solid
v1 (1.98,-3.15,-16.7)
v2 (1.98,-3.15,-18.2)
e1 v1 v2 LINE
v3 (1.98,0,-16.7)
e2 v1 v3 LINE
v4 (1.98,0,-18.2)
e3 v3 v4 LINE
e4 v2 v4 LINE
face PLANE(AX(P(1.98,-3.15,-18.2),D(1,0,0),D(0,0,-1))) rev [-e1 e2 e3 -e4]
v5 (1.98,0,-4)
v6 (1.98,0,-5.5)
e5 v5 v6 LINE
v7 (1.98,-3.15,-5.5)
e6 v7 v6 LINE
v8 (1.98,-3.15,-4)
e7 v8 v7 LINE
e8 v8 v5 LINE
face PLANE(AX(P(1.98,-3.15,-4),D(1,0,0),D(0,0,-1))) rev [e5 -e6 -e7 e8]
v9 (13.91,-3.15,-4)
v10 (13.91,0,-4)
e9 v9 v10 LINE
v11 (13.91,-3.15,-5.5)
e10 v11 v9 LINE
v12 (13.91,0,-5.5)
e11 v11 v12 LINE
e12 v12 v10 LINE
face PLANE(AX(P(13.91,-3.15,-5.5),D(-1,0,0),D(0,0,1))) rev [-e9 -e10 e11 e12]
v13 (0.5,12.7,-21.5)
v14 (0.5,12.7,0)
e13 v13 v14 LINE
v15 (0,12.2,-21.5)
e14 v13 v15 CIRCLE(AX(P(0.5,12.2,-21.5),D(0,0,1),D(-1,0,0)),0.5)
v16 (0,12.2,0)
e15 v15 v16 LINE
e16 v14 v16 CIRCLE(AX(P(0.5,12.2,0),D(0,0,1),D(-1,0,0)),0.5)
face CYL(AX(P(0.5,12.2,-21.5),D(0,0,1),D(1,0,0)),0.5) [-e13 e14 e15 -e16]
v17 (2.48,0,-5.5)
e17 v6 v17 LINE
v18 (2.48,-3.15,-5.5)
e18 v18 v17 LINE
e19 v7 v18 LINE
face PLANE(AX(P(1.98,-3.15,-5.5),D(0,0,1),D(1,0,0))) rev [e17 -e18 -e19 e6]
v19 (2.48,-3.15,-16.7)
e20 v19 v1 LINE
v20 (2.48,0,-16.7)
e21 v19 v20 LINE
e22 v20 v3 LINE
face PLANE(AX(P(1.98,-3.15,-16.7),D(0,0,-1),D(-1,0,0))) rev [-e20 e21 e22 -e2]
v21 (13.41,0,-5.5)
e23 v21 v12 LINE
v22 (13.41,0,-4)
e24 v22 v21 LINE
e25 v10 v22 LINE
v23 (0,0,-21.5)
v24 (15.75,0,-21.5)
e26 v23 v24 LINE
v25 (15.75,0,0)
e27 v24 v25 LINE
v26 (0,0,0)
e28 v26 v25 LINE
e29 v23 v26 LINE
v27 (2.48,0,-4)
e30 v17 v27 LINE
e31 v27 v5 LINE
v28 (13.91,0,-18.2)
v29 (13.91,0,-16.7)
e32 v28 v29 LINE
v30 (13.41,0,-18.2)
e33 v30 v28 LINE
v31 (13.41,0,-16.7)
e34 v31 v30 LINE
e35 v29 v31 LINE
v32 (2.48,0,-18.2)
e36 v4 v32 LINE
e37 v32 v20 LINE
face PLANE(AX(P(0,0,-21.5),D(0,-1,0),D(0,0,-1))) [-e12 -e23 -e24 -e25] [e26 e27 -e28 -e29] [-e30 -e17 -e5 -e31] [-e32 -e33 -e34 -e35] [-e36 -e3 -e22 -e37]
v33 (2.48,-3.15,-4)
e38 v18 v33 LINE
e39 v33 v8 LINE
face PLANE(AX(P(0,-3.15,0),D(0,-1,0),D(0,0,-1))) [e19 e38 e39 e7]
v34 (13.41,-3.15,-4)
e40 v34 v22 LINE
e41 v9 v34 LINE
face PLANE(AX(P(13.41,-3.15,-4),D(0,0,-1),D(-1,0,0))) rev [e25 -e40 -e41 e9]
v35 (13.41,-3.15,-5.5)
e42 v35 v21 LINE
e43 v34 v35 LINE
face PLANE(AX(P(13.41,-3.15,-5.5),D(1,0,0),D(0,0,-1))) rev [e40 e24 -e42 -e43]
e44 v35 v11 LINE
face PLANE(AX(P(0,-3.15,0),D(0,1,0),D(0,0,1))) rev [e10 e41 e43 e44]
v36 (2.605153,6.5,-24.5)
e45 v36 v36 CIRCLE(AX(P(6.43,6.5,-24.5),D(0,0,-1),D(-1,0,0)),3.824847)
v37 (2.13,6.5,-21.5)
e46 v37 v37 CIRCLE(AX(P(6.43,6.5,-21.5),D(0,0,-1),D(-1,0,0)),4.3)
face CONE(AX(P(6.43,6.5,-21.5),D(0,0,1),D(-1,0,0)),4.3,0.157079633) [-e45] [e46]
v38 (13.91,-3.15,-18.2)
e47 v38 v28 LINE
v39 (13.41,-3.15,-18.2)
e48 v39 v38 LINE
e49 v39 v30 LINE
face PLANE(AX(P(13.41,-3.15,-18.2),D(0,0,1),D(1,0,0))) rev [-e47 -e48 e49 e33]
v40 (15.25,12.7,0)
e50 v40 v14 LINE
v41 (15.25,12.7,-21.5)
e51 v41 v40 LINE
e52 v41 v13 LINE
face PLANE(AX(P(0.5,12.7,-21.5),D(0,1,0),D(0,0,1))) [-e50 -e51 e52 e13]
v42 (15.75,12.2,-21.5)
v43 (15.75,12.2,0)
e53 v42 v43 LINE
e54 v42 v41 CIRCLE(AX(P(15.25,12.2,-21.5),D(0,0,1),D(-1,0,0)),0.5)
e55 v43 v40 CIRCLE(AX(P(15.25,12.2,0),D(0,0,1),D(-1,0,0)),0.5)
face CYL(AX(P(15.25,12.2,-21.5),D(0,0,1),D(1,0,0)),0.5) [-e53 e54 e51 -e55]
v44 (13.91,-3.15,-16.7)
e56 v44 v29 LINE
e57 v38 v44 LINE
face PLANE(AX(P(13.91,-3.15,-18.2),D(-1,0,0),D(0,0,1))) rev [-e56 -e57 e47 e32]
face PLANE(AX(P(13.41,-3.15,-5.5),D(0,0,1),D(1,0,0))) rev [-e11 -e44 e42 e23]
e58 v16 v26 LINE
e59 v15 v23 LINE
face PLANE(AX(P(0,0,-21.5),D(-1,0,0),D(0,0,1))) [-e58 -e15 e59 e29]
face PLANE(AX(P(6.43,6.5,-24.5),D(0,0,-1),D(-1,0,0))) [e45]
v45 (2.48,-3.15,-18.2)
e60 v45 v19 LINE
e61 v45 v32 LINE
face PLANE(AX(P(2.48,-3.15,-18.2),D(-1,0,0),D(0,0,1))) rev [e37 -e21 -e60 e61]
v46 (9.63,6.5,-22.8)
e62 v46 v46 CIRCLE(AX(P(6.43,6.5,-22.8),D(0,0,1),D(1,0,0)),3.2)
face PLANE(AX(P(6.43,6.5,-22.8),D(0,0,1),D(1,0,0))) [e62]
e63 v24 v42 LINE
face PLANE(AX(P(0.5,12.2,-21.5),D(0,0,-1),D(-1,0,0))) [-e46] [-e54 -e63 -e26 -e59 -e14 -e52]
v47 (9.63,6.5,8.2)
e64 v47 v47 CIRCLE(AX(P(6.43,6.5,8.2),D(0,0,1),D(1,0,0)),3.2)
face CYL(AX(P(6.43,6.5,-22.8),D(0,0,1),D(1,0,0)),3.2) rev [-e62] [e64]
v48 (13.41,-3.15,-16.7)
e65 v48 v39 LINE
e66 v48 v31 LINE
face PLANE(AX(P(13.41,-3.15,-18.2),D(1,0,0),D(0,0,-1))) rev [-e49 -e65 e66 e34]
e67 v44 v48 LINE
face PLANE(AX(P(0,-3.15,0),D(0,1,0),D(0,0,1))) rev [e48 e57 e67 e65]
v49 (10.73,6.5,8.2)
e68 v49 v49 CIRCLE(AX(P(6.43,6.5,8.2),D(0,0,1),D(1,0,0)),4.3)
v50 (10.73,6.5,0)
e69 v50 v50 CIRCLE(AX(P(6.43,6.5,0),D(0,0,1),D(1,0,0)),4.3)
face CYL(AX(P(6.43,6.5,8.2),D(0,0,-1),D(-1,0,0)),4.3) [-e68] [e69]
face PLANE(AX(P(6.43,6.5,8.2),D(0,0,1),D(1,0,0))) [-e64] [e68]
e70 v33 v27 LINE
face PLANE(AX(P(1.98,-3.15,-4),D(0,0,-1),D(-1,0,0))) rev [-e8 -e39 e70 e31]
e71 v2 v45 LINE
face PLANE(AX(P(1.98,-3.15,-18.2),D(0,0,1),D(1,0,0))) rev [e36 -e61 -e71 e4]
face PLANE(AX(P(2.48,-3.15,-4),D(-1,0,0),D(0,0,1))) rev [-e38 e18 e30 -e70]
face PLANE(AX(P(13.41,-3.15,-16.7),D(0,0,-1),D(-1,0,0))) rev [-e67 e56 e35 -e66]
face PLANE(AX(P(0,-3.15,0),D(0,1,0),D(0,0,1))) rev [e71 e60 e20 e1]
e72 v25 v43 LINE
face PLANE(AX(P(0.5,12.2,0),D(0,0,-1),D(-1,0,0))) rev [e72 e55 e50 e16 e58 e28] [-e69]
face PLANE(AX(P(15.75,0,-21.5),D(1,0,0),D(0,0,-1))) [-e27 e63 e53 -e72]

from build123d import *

# Parameters (mm, degrees)
BOSS_EXTRUDE1_DEPTH = 21.5
SKETCH2_R           = 4.3
BOSS_EXTRUDE2_DEPTH = 8.2
SKETCH8_R           = 4.3
BOSS_EXTRUDE3_DEPTH = 3
BOSS_EXTRUDE3_TAPER = 9
SKETCH7_R           = 3.2
CUT_EXTRUDE1_DEPTH  = 31
SKETCH9_W           = 0.5
SKETCH9_H           = 1.5
BOSS_EXTRUDE4_DEPTH = 3.15


with BuildPart() as part:
    # Sketch1 → Boss-Extrude1 (new body)
    with BuildSketch(Plane.XY):
        with BuildLine():
            Line((0, 0), (15.75, 0))
            Line((15.75, 0), (15.75, 12.2))
            ThreePointArc((15.75, 12.2), (15.603553391, 12.553553391), (15.25, 12.7))
            Line((15.25, 12.7), (0.5, 12.7))
            ThreePointArc((0.5, 12.7), (0.146446609, 12.553553391), (0, 12.2))
            Line((0, 12.2), (0, 0))
        make_face()
    extrude(amount=-BOSS_EXTRUDE1_DEPTH)

    # Sketch2 → Boss-Extrude2 (add)
    with BuildSketch(Plane.XY):
        with Locations((6.43, 6.5)):
            Circle(SKETCH2_R)
    extrude(amount=BOSS_EXTRUDE2_DEPTH)

    # Sketch8 → Boss-Extrude3 (add)
    with BuildSketch(Plane(origin=(0, 0, -21.5), x_dir=(-1, 0, 0), z_dir=(0, 0, -1))):
        with Locations(Location((-6.43, 6.5, 0), (0, 0, 180))):
            Circle(SKETCH8_R)
    extrude(amount=BOSS_EXTRUDE3_DEPTH, taper=BOSS_EXTRUDE3_TAPER)

    # Sketch7 → Cut-Extrude1 (cut)
    with BuildSketch(Plane.XY.offset(8.2)):
        with Locations((6.43, 6.5)):
            Circle(SKETCH7_R)
    extrude(amount=-CUT_EXTRUDE1_DEPTH, mode=Mode.SUBTRACT)

    # Sketch9 → Boss-Extrude4 (add)
    with BuildSketch(Plane.XZ):
        with Locations((2.23, -4.75)):
            Rectangle(SKETCH9_W, SKETCH9_H)
        with Locations((13.66, -4.75)):
            Rectangle(SKETCH9_W, SKETCH9_H)
        with Locations((2.23, -17.45)):
            Rectangle(SKETCH9_W, SKETCH9_H)
        with Locations((13.66, -17.45)):
            Rectangle(SKETCH9_W, SKETCH9_H)
    extrude(amount=BOSS_EXTRUDE4_DEPTH)


solid = part.part
